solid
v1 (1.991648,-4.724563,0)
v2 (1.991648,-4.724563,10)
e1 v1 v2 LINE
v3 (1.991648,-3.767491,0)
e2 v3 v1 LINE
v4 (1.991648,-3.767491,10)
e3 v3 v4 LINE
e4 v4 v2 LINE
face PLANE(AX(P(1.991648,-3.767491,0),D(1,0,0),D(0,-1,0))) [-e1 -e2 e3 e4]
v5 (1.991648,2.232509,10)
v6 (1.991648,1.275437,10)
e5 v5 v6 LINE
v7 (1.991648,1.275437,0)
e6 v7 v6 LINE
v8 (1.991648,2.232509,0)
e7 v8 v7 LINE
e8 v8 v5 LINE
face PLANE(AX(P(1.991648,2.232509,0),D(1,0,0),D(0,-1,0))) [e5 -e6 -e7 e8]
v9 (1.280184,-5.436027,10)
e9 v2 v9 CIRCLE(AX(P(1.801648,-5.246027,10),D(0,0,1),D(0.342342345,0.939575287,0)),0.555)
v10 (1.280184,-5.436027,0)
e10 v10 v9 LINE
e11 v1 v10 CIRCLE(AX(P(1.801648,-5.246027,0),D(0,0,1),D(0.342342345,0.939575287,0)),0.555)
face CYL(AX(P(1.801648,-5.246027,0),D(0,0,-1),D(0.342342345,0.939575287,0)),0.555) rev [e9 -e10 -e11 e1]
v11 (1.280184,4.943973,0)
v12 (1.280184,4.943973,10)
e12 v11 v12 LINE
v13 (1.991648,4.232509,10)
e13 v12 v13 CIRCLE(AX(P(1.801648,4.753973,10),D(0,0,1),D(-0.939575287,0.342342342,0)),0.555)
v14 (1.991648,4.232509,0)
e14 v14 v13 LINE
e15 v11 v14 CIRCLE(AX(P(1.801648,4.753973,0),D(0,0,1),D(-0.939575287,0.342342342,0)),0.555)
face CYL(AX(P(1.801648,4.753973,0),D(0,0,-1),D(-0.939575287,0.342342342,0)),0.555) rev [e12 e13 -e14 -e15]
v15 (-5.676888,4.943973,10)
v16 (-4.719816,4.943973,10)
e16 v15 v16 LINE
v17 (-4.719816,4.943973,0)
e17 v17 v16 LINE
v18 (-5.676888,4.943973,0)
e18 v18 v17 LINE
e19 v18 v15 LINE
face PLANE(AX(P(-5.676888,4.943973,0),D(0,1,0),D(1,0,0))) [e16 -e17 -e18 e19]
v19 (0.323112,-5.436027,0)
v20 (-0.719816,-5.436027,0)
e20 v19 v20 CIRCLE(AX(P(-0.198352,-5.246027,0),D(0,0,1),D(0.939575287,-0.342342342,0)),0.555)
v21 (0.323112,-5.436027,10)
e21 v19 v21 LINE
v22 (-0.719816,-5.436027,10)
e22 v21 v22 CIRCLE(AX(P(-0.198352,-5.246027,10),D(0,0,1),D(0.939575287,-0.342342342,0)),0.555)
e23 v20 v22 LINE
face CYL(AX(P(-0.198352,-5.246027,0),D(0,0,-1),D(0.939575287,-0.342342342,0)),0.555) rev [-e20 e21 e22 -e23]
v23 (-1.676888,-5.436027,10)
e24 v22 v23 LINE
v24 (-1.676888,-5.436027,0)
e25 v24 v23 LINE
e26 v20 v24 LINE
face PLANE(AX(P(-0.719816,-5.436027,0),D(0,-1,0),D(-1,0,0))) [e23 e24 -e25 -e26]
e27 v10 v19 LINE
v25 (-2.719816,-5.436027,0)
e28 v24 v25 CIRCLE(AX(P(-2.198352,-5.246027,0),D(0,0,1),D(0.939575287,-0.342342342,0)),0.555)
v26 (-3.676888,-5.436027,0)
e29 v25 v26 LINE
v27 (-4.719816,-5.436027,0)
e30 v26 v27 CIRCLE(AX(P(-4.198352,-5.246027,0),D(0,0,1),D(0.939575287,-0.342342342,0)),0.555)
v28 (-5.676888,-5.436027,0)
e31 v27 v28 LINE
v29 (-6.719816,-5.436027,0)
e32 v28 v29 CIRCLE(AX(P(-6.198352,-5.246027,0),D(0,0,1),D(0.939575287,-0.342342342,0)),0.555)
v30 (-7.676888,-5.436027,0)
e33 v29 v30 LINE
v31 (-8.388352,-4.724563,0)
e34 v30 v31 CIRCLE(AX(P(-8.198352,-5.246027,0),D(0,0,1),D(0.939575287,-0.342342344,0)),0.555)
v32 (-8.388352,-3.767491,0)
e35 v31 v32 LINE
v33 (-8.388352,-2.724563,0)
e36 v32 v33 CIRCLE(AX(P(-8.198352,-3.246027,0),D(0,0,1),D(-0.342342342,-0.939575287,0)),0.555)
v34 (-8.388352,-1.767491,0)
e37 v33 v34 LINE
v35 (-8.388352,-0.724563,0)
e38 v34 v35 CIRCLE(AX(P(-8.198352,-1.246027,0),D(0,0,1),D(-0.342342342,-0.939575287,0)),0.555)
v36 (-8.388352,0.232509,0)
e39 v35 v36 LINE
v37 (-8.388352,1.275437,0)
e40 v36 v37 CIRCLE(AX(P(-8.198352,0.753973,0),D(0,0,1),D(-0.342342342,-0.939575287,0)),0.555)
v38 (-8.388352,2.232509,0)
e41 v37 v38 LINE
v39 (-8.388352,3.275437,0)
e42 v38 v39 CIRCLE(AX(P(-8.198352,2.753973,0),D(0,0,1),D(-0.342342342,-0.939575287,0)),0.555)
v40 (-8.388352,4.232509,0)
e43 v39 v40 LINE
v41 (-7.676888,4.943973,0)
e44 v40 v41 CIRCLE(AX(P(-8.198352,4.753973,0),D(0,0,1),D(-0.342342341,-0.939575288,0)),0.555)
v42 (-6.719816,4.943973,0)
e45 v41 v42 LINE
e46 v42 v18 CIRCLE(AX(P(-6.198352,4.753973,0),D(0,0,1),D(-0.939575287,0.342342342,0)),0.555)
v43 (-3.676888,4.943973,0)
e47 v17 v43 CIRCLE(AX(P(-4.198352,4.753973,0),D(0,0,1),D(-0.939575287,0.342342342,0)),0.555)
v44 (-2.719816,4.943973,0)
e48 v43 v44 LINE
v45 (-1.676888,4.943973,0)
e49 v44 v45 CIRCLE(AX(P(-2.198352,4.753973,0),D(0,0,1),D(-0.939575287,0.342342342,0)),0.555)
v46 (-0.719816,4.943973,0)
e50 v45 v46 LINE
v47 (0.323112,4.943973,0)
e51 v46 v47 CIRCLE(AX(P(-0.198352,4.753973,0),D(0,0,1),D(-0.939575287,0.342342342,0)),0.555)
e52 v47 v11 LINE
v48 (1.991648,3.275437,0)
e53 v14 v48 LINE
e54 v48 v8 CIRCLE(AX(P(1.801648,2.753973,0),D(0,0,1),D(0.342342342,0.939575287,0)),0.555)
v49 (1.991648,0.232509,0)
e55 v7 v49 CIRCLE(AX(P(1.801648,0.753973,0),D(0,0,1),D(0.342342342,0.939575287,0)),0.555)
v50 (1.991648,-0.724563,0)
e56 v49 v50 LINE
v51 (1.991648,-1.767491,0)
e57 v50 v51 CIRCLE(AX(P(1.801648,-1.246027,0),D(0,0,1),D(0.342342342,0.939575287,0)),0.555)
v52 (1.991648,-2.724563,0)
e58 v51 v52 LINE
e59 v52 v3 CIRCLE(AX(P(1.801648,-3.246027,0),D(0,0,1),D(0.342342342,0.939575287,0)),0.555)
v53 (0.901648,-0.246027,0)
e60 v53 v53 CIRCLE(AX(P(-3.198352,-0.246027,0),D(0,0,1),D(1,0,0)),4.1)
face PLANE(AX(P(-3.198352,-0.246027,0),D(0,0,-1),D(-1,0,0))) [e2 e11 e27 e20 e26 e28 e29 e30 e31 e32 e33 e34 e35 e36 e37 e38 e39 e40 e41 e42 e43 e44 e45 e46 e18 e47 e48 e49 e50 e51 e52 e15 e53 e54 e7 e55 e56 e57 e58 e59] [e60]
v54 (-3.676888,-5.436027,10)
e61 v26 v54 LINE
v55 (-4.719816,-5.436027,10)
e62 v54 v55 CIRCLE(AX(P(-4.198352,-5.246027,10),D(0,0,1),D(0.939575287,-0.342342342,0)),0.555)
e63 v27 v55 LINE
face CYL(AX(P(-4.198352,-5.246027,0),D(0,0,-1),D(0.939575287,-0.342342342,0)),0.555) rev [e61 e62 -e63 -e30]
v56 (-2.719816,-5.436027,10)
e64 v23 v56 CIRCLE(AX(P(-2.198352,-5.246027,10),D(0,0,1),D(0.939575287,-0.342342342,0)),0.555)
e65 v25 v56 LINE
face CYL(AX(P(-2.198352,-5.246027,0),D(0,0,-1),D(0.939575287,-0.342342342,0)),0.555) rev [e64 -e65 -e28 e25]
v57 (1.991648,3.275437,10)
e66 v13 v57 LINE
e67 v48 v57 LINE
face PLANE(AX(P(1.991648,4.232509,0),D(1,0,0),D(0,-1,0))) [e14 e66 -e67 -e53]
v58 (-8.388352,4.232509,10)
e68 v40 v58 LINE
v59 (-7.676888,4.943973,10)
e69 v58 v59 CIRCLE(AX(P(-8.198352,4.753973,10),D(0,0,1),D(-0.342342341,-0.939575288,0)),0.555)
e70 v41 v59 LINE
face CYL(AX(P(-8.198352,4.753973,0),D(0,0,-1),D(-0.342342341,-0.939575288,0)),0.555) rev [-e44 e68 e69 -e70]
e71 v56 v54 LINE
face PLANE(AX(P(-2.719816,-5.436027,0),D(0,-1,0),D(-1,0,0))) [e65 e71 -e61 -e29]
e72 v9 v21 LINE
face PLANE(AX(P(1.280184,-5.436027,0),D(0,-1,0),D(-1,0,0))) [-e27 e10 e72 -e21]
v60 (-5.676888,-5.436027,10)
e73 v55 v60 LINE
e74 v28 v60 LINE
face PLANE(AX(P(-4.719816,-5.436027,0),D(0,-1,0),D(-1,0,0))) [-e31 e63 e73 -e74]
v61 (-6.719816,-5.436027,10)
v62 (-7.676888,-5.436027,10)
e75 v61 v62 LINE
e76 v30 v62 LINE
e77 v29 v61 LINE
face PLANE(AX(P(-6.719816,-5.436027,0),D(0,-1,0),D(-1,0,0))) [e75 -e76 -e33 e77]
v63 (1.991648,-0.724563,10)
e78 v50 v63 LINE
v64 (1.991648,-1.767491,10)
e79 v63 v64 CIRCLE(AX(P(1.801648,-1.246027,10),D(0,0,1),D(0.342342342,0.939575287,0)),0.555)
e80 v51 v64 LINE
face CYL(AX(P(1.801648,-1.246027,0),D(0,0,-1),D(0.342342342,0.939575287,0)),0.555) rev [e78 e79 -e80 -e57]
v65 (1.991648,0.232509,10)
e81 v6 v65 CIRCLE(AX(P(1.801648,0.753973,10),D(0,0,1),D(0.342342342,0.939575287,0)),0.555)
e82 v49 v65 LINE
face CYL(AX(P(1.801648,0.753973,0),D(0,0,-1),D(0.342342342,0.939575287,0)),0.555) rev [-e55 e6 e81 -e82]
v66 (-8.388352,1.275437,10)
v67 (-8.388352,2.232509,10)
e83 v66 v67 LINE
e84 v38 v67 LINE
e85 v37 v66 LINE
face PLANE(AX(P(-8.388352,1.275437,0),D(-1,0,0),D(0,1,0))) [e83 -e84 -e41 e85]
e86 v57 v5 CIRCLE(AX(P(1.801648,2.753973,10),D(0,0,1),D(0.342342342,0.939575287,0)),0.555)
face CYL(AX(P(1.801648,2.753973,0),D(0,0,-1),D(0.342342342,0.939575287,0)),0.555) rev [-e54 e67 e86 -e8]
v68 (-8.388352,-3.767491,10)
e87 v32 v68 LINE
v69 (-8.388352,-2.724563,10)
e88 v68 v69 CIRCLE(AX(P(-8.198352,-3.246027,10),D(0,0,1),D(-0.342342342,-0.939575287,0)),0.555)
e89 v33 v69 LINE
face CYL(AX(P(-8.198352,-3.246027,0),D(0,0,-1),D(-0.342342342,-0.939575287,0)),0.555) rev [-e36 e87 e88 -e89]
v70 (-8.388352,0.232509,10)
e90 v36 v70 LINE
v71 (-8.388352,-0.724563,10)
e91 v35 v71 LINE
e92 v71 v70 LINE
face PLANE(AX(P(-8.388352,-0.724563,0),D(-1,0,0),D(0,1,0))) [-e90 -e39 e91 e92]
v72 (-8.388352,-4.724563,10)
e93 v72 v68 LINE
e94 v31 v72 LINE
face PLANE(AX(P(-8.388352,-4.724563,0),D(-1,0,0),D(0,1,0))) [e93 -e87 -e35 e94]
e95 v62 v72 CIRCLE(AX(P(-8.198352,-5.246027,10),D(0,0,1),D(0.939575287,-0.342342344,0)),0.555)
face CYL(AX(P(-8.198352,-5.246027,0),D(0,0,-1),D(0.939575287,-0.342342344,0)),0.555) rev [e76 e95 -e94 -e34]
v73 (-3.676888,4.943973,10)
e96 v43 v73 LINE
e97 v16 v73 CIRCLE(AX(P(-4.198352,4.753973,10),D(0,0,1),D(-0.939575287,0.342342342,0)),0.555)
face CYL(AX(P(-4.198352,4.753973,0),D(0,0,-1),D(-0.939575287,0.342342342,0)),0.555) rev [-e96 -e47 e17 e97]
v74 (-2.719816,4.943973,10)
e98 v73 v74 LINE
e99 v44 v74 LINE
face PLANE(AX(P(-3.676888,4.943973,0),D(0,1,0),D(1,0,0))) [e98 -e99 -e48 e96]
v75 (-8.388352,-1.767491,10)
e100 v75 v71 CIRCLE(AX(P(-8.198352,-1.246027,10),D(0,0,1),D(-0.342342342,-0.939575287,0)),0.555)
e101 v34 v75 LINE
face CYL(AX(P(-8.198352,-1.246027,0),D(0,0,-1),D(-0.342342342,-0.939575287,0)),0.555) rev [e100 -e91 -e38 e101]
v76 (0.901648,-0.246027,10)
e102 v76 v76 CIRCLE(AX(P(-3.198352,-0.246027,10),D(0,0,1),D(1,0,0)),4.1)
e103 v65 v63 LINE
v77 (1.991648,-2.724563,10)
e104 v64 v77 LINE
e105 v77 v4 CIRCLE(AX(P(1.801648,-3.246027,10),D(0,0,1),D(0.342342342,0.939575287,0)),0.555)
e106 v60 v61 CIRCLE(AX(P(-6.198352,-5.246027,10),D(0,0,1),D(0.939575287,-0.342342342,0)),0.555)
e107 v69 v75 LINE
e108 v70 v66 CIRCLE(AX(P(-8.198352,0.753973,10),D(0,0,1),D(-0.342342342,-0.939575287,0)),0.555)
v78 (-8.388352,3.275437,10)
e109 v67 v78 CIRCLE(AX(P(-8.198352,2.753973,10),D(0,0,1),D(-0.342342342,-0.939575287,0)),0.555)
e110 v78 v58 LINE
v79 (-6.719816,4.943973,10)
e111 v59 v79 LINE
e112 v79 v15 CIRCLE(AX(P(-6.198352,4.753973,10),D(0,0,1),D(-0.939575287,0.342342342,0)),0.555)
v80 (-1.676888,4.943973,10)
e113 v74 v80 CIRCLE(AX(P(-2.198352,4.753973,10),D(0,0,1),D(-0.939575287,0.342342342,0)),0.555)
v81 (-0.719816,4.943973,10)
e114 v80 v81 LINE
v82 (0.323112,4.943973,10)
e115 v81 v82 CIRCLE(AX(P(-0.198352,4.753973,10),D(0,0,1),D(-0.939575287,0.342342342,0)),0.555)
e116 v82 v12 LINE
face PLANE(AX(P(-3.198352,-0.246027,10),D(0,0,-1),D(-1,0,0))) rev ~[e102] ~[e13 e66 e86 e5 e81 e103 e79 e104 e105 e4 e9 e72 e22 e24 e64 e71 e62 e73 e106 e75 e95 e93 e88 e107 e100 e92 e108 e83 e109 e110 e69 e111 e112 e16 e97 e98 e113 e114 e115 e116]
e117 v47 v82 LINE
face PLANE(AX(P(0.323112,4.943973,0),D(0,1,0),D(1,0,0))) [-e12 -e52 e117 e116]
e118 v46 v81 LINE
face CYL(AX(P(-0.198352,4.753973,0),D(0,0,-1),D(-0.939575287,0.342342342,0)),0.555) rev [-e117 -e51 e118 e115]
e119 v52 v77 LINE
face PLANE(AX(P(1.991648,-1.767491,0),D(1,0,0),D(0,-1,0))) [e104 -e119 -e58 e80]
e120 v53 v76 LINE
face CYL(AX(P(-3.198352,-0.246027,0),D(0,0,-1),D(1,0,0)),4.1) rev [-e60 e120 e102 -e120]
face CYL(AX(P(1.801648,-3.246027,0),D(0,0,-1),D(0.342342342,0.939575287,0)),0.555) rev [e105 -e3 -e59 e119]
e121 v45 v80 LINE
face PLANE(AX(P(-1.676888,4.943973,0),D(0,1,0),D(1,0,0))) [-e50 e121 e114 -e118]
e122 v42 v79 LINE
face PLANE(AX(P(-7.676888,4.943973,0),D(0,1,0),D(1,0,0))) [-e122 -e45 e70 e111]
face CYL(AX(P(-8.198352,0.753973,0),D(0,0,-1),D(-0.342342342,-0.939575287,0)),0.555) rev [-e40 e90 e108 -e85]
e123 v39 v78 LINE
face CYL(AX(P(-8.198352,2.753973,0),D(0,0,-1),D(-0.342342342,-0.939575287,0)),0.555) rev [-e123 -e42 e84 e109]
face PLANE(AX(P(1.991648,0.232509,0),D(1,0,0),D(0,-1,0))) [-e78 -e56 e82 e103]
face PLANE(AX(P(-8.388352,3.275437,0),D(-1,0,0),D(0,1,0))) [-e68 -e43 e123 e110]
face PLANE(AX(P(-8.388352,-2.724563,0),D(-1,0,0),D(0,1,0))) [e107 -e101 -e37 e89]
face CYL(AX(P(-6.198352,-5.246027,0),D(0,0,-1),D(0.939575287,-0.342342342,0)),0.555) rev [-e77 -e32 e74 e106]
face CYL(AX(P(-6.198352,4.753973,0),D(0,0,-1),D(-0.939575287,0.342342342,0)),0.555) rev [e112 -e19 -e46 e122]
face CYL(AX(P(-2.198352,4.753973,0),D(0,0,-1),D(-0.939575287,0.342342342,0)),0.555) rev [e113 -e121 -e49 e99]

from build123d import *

# Parameters (mm, degrees)
SKETCH2_R           = 4.1
BOSS_EXTRUDE2_DEPTH = 10


with BuildPart() as part:
    # Sketch2 → Boss-Extrude2 (new body)
    with BuildSketch(Plane.XY):
        with BuildLine():
            ThreePointArc((-8.388352144, 2.232508627), (-7.643352144, 2.753972912), (-8.388352144, 3.275437196))
            Line((-8.388352144, 3.275437196), (-8.388352144, 4.232508627))
            ThreePointArc((-8.388352144, 4.232508627), (-7.805907881, 4.361528648), (-7.67688786, 4.943972912))
            Line((-7.67688786, 4.943972912), (-6.719816429, 4.943972912))
            ThreePointArc((-6.719816429, 4.943972912), (-6.198352144, 4.198972912), (-5.67688786, 4.943972912))
            Line((-5.67688786, 4.943972912), (-4.719816429, 4.943972912))
            ThreePointArc((-4.719816429, 4.943972912), (-4.198352144, 4.198972912), (-3.67688786, 4.943972912))
            Line((-3.67688786, 4.943972912), (-2.719816429, 4.943972912))
            ThreePointArc((-2.719816429, 4.943972912), (-2.198352144, 4.198972912), (-1.67688786, 4.943972912))
            Line((-1.67688786, 4.943972912), (-0.719816429, 4.943972912))
            ThreePointArc((-0.719816429, 4.943972912), (-0.198352144, 4.198972912), (0.32311214, 4.943972912))
            Line((0.32311214, 4.943972912), (1.280183571, 4.943972912))
            ThreePointArc((1.280183571, 4.943972912), (1.409203592, 4.361528648), (1.991647856, 4.232508627))
            Line((1.991647856, 4.232508627), (1.991647856, 3.275437196))
            ThreePointArc((1.991647856, 3.275437196), (1.246647856, 2.753972912), (1.991647856, 2.232508627))
            Line((1.991647856, 2.232508627), (1.991647856, 1.275437196))
            ThreePointArc((1.991647856, 1.275437196), (1.246647856, 0.753972912), (1.991647856, 0.232508627))
            Line((1.991647856, 0.232508627), (1.991647856, -0.724562804))
            ThreePointArc((1.991647856, -0.724562804), (1.246647856, -1.246027088), (1.991647856, -1.767491373))
            Line((1.991647856, -1.767491373), (1.991647856, -2.724562804))
            ThreePointArc((1.991647856, -2.724562804), (1.246647856, -3.246027088), (1.991647856, -3.767491373))
            Line((1.991647856, -3.767491373), (1.991647856, -4.724562804))
            ThreePointArc((1.991647856, -4.724562804), (1.409203592, -4.853582824), (1.280183571, -5.436027088))
            Line((1.280183571, -5.436027088), (0.32311214, -5.436027088))
            ThreePointArc((0.32311214, -5.436027088), (-0.198352144, -4.691027088), (-0.719816429, -5.436027088))
            Line((-0.719816429, -5.436027088), (-1.67688786, -5.436027088))
            ThreePointArc((-1.67688786, -5.436027088), (-2.198352144, -4.691027088), (-2.719816429, -5.436027088))
            Line((-2.719816429, -5.436027088), (-3.67688786, -5.436027088))
            ThreePointArc((-3.67688786, -5.436027088), (-4.198352144, -4.691027088), (-4.719816429, -5.436027088))
            Line((-4.719816429, -5.436027088), (-5.67688786, -5.436027088))
            ThreePointArc((-5.67688786, -5.436027088), (-6.198352144, -4.691027088), (-6.719816429, -5.436027088))
            Line((-6.719816429, -5.436027088), (-7.67688786, -5.436027088))
            ThreePointArc((-7.67688786, -5.436027088), (-7.805907881, -4.853582824), (-8.388352144, -4.724562804))
            Line((-8.388352144, -4.724562804), (-8.388352144, -3.767491373))
            ThreePointArc((-8.388352144, -3.767491373), (-7.643352144, -3.246027088), (-8.388352144, -2.724562804))
            Line((-8.388352144, -2.724562804), (-8.388352144, -1.767491373))
            ThreePointArc((-8.388352144, -1.767491373), (-7.643352144, -1.246027088), (-8.388352144, -0.724562804))
            Line((-8.388352144, -0.724562804), (-8.388352144, 0.232508627))
            ThreePointArc((-8.388352144, 0.232508627), (-7.643352144, 0.753972912), (-8.388352144, 1.275437196))
            Line((-8.388352144, 1.275437196), (-8.388352144, 2.232508627))
        make_face()
        with Locations((-3.198352144, -0.246027088)):
            Circle(SKETCH2_R, mode=Mode.SUBTRACT)
    extrude(amount=BOSS_EXTRUDE2_DEPTH)


solid = part.part
